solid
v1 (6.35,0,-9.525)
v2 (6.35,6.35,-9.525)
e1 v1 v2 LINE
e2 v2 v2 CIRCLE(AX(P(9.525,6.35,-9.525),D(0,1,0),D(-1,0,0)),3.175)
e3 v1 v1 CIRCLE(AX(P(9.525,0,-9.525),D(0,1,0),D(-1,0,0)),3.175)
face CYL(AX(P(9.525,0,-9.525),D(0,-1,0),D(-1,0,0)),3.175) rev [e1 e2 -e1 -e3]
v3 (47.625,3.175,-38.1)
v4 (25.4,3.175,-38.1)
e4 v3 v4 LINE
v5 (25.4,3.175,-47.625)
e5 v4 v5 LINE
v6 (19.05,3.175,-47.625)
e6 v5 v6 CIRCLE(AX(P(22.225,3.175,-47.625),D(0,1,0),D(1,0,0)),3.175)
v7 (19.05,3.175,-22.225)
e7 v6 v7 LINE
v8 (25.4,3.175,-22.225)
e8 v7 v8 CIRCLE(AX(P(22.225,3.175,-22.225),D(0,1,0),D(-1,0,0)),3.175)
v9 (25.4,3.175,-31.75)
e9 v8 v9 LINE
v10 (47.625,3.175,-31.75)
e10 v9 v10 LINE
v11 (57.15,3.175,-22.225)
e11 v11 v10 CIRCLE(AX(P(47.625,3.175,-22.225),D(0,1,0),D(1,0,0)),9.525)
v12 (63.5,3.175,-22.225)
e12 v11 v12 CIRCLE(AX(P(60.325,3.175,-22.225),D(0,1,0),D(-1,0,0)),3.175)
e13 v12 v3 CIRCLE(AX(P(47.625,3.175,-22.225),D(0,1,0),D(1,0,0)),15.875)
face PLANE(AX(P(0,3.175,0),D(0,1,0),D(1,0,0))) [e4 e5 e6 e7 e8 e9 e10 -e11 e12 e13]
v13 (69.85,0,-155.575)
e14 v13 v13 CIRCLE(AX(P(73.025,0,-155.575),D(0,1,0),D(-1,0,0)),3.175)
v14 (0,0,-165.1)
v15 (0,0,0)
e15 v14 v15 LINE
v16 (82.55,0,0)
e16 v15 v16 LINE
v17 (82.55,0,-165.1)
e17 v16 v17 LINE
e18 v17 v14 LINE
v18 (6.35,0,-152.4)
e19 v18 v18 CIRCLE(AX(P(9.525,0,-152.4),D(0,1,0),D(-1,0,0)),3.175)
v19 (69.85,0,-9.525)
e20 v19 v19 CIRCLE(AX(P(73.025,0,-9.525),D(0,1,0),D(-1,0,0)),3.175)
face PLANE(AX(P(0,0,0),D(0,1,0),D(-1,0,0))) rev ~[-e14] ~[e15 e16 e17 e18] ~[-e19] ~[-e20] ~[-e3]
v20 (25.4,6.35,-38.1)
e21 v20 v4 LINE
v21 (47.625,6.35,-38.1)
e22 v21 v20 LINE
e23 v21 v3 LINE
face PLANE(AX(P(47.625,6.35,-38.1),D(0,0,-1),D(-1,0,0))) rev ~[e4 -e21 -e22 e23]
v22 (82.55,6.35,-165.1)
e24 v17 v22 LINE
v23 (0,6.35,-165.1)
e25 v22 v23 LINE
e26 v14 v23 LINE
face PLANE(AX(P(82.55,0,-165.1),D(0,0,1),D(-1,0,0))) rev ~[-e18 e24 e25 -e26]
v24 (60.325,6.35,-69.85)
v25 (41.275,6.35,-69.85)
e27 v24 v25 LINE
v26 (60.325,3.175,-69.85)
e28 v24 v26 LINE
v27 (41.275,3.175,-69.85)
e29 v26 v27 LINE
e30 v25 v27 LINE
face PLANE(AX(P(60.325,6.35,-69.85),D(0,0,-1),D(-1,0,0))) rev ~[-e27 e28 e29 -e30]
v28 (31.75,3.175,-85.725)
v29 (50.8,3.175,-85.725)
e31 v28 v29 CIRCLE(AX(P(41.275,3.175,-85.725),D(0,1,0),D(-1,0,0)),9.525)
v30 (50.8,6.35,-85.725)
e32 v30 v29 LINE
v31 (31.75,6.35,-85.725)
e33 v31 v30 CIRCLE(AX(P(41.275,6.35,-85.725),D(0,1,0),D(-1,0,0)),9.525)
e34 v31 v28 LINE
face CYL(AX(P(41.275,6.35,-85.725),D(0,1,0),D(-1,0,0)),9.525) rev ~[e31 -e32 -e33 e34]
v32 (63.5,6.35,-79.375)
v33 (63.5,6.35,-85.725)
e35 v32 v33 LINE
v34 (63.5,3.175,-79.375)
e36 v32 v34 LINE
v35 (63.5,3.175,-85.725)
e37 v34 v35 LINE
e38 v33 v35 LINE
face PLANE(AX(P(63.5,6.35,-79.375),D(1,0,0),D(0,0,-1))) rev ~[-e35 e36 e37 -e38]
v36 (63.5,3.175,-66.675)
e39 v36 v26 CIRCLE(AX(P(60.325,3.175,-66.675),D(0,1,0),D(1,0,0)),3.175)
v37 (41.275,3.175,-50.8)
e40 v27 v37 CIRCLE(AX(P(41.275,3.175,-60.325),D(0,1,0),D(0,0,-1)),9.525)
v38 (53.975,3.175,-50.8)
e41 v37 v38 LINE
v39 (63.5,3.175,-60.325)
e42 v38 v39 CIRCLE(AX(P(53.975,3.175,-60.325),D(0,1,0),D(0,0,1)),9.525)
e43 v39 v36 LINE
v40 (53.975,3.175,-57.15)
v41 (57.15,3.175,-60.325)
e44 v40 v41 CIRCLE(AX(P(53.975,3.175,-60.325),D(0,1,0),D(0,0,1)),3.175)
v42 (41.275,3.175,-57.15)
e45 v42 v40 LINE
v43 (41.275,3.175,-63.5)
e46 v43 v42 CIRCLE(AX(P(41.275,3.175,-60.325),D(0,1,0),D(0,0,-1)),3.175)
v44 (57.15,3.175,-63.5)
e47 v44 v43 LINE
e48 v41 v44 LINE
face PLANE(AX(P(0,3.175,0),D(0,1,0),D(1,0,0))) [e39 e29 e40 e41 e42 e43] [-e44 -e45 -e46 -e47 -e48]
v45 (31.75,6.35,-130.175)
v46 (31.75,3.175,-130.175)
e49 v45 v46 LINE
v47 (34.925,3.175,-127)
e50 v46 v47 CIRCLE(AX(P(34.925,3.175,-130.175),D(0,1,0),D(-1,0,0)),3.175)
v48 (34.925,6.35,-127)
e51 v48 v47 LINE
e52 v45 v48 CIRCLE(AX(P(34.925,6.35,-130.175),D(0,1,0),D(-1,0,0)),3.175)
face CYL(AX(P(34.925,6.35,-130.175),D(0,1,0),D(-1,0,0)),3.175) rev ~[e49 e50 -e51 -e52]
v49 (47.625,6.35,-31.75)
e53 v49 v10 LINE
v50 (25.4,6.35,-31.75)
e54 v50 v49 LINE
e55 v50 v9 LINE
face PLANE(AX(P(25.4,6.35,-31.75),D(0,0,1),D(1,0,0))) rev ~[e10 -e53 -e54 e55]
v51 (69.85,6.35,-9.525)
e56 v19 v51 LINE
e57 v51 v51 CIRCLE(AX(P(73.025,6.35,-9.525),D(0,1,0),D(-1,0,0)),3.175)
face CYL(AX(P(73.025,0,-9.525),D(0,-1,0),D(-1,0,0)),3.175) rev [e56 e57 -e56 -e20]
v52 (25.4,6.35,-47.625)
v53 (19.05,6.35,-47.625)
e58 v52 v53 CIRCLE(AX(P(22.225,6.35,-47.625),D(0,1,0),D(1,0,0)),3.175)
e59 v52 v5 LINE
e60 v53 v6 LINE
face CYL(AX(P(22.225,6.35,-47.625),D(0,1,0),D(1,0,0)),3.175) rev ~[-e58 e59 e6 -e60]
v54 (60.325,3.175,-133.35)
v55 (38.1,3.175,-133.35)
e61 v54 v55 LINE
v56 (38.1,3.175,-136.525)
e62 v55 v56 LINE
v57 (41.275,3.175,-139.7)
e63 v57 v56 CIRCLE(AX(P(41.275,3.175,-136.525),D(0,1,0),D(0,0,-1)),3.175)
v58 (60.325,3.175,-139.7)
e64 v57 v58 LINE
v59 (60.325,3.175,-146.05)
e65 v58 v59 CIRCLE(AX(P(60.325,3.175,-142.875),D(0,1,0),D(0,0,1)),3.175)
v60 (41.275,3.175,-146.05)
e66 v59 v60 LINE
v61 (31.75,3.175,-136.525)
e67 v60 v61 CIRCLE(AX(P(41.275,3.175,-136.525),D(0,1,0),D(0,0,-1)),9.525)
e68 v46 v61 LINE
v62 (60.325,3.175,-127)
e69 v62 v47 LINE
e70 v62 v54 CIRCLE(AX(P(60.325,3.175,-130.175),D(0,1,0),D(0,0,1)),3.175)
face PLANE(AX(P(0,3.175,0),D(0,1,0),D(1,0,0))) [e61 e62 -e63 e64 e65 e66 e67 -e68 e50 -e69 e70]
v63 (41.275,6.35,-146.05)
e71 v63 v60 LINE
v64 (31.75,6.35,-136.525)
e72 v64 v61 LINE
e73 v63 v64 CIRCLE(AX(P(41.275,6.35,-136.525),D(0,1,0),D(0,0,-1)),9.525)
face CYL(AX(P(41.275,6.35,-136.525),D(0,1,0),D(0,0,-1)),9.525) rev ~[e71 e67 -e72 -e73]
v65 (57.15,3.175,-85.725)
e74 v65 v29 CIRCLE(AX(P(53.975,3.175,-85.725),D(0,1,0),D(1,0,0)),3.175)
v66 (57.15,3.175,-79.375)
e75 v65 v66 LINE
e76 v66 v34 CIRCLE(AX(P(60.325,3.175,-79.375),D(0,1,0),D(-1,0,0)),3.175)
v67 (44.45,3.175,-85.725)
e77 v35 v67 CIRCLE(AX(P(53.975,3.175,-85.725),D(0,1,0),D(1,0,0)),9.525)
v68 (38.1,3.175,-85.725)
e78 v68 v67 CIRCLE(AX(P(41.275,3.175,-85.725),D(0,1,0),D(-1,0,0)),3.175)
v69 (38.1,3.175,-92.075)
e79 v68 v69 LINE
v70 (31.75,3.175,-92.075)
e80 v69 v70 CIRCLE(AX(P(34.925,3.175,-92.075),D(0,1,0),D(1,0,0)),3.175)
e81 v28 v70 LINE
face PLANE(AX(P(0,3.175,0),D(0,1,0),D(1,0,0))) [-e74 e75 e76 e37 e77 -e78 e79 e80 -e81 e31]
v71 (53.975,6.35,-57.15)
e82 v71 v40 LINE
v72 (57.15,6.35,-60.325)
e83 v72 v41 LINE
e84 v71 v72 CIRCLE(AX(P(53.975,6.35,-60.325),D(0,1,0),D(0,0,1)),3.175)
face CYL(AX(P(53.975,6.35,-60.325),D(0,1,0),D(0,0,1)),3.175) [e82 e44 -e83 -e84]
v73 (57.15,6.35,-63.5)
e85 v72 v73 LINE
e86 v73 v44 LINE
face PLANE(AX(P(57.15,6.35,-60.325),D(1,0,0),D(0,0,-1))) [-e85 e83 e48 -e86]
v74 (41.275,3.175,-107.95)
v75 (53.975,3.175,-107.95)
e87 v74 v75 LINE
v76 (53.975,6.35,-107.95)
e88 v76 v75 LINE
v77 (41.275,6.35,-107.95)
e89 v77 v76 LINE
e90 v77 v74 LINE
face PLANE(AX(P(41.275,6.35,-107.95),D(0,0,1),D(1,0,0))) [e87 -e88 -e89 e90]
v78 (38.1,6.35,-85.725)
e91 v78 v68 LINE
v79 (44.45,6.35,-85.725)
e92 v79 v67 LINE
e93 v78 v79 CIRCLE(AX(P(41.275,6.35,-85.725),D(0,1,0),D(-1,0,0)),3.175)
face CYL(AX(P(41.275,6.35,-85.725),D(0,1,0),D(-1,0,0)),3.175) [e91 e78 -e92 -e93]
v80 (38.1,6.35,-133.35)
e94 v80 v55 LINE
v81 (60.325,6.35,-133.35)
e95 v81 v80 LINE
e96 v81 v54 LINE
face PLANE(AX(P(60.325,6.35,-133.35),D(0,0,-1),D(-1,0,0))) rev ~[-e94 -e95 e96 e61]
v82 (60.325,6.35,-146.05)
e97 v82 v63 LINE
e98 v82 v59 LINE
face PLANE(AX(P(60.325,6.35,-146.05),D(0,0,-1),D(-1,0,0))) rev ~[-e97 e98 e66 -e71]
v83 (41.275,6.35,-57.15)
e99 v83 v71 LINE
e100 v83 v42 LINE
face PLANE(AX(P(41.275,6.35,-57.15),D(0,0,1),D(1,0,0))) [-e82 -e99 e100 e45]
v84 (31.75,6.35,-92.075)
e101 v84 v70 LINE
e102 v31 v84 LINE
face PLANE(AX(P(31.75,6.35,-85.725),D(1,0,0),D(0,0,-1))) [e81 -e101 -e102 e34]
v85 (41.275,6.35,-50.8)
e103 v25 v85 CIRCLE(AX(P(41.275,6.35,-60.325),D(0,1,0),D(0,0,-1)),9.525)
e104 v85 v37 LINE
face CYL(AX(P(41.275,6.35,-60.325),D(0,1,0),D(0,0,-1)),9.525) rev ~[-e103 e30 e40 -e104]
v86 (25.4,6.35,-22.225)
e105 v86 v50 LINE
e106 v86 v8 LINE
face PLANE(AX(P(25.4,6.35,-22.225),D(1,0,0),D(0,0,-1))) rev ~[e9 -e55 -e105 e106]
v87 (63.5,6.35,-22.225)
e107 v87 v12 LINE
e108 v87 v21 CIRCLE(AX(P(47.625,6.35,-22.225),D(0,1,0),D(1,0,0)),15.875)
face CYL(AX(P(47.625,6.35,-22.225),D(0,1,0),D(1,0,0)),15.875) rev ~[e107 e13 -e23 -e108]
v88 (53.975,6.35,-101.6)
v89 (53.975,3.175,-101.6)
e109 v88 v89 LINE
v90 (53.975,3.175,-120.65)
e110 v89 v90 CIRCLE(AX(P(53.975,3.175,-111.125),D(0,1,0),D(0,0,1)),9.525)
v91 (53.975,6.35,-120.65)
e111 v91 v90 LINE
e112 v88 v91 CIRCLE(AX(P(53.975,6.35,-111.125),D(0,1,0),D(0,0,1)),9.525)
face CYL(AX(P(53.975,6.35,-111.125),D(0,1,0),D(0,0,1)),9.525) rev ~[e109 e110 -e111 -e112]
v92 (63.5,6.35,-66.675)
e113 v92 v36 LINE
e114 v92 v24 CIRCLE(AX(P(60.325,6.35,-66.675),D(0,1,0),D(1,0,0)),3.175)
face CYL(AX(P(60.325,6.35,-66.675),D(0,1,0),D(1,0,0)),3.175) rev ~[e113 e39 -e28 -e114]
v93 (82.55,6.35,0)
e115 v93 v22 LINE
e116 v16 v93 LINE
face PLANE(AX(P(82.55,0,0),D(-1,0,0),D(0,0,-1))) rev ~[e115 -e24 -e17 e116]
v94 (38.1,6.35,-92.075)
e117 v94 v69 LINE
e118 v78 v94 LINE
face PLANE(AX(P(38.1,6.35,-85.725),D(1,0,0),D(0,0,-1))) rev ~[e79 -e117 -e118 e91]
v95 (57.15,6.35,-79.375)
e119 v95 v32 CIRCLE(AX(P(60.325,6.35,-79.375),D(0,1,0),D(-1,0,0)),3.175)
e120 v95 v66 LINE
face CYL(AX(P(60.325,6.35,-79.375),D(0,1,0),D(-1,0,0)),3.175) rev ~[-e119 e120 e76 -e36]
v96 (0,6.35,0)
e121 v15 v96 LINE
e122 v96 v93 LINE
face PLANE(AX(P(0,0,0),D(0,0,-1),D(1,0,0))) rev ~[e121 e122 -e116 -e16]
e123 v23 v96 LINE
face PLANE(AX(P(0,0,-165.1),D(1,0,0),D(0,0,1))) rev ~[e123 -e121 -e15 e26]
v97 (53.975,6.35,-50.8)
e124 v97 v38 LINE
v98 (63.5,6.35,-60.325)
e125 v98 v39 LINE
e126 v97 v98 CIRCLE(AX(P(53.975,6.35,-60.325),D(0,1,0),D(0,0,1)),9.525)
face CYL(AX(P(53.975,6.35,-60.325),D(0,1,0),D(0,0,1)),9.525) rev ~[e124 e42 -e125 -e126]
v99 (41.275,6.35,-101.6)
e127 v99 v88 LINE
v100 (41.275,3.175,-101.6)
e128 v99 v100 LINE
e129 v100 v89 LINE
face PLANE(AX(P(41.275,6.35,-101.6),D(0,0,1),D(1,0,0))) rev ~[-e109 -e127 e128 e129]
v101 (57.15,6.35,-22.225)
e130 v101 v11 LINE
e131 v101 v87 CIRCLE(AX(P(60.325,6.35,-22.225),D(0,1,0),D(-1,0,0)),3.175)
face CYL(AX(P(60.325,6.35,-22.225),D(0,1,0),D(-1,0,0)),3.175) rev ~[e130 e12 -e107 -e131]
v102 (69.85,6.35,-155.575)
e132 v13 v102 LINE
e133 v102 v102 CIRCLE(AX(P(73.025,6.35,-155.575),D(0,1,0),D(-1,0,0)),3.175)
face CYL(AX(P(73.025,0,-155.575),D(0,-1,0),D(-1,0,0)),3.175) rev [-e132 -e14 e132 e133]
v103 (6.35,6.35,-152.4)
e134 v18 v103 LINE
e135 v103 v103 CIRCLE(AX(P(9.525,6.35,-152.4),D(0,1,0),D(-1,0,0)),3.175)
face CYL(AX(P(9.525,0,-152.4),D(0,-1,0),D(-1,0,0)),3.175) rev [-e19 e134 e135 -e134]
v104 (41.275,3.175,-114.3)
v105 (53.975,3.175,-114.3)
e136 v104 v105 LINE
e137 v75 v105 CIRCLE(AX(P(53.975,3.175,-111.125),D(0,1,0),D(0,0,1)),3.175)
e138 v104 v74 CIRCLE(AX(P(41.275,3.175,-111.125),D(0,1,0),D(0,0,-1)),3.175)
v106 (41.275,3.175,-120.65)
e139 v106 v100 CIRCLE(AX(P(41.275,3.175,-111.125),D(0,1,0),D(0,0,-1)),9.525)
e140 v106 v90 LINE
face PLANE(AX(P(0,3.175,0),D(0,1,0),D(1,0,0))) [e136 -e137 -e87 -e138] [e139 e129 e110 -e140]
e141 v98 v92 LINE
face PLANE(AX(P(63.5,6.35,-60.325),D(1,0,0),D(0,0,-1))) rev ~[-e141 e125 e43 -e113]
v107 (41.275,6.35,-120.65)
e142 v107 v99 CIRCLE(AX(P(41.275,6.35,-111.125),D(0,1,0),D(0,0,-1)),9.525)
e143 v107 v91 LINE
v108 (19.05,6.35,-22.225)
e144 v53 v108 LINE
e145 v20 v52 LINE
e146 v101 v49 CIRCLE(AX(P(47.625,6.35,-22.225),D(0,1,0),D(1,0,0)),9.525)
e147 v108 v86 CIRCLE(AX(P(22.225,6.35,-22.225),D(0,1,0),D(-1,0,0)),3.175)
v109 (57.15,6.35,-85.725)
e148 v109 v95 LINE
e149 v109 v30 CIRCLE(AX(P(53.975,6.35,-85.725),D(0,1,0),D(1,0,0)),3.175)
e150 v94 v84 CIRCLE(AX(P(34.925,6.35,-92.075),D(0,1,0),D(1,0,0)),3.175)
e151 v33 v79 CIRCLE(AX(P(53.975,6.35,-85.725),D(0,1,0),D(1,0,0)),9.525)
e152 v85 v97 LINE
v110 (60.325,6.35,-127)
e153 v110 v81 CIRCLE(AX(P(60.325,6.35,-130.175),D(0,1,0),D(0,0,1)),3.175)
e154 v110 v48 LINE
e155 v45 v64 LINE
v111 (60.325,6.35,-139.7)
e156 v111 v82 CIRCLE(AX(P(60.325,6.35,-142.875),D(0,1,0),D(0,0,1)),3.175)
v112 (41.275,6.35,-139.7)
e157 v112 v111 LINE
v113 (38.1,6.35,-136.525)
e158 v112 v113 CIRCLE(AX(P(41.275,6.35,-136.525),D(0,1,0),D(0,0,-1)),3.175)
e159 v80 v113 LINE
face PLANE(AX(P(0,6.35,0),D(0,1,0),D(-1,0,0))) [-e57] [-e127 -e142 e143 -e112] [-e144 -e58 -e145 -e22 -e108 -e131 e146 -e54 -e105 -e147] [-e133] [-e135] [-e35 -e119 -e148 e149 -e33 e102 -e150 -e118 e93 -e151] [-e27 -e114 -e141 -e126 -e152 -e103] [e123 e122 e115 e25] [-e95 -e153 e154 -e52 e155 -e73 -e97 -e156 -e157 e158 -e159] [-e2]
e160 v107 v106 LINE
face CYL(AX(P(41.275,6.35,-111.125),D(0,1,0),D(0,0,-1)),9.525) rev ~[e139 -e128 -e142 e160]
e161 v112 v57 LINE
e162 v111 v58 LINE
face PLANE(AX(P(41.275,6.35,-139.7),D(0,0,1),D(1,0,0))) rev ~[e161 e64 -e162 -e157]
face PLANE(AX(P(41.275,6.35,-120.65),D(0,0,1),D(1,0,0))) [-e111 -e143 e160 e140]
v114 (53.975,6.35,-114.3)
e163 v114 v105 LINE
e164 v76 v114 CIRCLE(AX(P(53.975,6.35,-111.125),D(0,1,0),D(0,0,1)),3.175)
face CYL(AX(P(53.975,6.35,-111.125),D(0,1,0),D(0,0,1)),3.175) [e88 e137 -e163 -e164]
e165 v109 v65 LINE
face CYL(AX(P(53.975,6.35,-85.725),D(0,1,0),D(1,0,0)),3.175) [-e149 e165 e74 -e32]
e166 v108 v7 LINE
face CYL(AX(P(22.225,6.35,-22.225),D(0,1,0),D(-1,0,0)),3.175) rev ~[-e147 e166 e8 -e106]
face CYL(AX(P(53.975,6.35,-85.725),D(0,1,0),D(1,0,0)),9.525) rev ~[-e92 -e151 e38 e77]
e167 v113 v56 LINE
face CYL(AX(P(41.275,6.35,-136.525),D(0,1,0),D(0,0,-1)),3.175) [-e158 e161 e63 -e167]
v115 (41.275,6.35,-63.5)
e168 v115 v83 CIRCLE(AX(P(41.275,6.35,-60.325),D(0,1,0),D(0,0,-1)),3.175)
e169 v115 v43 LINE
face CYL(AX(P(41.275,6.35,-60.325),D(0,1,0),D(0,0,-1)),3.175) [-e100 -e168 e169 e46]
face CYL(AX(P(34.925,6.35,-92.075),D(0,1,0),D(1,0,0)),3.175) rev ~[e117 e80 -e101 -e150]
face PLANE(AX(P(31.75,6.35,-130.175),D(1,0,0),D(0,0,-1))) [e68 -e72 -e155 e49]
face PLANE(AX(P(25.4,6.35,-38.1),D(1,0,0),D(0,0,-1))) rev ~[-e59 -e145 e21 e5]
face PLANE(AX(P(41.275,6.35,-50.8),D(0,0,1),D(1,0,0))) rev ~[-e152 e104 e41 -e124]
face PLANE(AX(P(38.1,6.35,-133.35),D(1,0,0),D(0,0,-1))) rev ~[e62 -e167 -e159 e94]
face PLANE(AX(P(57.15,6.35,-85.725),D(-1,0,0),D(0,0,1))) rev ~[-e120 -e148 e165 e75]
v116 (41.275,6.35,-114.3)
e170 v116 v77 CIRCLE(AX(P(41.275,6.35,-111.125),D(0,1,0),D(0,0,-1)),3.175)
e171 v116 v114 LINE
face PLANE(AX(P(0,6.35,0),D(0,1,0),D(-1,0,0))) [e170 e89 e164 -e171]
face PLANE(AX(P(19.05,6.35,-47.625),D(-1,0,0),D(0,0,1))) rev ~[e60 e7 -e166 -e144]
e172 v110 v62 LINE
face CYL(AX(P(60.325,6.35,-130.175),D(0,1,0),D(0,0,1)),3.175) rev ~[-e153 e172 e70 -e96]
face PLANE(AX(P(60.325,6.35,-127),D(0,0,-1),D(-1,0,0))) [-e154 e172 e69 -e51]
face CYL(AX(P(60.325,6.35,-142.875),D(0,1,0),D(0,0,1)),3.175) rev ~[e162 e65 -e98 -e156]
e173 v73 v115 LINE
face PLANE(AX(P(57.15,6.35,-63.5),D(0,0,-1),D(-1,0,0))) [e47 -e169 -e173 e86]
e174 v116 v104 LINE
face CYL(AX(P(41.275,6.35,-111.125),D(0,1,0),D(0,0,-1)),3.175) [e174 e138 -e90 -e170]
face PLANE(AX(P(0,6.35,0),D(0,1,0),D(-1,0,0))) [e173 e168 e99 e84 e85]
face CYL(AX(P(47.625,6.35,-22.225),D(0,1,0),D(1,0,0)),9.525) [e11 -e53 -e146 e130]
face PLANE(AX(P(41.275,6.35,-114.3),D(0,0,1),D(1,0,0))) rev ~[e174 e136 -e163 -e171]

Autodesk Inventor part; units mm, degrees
ref_plane "YZ Plane" through (0, 0, 0) normal (1, 0, 0) x (0, 1, 0)
ref_plane "XZ Plane" through (0, 0, 0) normal (0, 1, 0) x (-1, 0, 0)
ref_plane "XY Plane" through (0, 0, 0) normal (0, 0, 1) x (1, 0, 0)
sketch "Sketch1" plane through (0, 0, 0) normal (0, 1, 0) x (-1, 0, 0)
  line L0 (0, 0) -> (-82.55, 0)
  line L1 (-82.55, 0) -> (-82.55, -165.1)
  line L2 (-82.55, -165.1) -> (0, -165.1)
  line L3 (0, -165.1) -> (0, 0)
  circle A0 centre (-9.525, -9.525) radius 3.175
  circle A1 centre (-73.025, -9.525) radius 3.175
  circle A2 centre (-73.025, -155.575) radius 3.175
  circle A3 centre (-9.525, -152.4) radius 3.175
extrude "Extrusion1" add sketch "Sketch1" along normal blind 6.35
sketch "Sketch2" plane through (0, 6.35, 0) normal (0, 1, 0) x (1, 0, 0)
  arc A0 (19.05, 22.225) -> (25.4, 22.225) centre (22.225, 22.225) ccw
  line L0 (25.4, 22.225) -> (25.4, 31.75)
  line L1 (25.4, 31.75) -> (47.625, 31.75)
  arc A1 (57.15, 22.225) -> (47.625, 31.75) centre (47.625, 22.225) ccw
  arc A2 (57.15, 22.225) -> (63.5, 22.225) centre (60.325, 22.225) ccw
  arc A3 (63.5, 22.225) -> (47.625, 38.1) centre (47.625, 22.225) ccw
  line L2 (47.625, 38.1) -> (25.4, 38.1)
  line L3 (25.4, 38.1) -> (25.4, 47.625)
  arc A4 (25.4, 47.625) -> (19.05, 47.625) centre (22.225, 47.625) ccw
  line L4 (19.05, 47.625) -> (19.05, 22.225)
  arc A5 (41.275, 69.85) -> (41.275, 50.8) centre (41.275, 60.325) ccw
  arc A6 (41.275, 63.5) -> (41.275, 57.15) centre (41.275, 60.325) ccw
  arc A7 (31.75, 85.725) -> (50.8, 85.725) centre (41.275, 85.725) ccw
  arc A8 (38.1, 85.725) -> (44.45, 85.725) centre (41.275, 85.725) ccw
  arc A9 (57.15, 85.725) -> (50.8, 85.725) centre (53.975, 85.725) ccw
  arc A10 (63.5, 85.725) -> (44.45, 85.725) centre (53.975, 85.725) ccw
  line L5 (31.75, 85.725) -> (31.75, 92.075)
  arc A11 (38.1, 92.075) -> (31.75, 92.075) centre (34.925, 92.075) ccw
  arc A12 (57.15, 79.375) -> (63.5, 79.375) centre (60.325, 79.375) ccw
  line L6 (57.15, 85.725) -> (57.15, 79.375)
  line L7 (63.5, 79.375) -> (63.5, 85.725)
  line L8 (38.1, 85.725) -> (38.1, 92.075)
  arc A13 (53.975, 50.8) -> (63.5, 60.325) centre (53.975, 60.325) ccw
  arc A14 (53.975, 57.15) -> (57.15, 60.325) centre (53.975, 60.325) ccw
  line L9 (41.275, 50.8) -> (53.975, 50.8)
  line L10 (41.275, 57.15) -> (53.975, 57.15)
  line L11 (57.15, 60.325) -> (57.15, 63.5)
  line L12 (57.15, 63.5) -> (41.275, 63.5)
  arc A15 (41.275, 120.65) -> (41.275, 101.6) centre (41.275, 111.125) ccw
  arc A16 (41.275, 114.3) -> (41.275, 107.95) centre (41.275, 111.125) ccw
  arc A17 (53.975, 101.6) -> (53.975, 120.65) centre (53.975, 111.125) ccw
  arc A18 (53.975, 107.95) -> (53.975, 114.3) centre (53.975, 111.125) ccw
  line L13 (41.275, 101.6) -> (53.975, 101.6)
  line L14 (41.275, 107.95) -> (53.975, 107.95)
  line L15 (41.275, 114.3) -> (53.975, 114.3)
  line L16 (41.275, 120.65) -> (53.975, 120.65)
  arc A19 (60.325, 127) -> (60.325, 133.35) centre (60.325, 130.175) ccw
  line L17 (60.325, 127) -> (34.925, 127)
  arc A20 (31.75, 130.175) -> (34.925, 127) centre (34.925, 130.175) ccw
  line L18 (31.75, 130.175) -> (31.75, 136.525)
  line L19 (60.325, 133.35) -> (38.1, 133.35)
  line L20 (38.1, 133.35) -> (38.1, 136.525)
  arc A21 (41.275, 139.7) -> (38.1, 136.525) centre (41.275, 136.525) ccw
  arc A22 (41.275, 146.05) -> (31.75, 136.525) centre (41.275, 136.525) ccw
  line L21 (41.275, 139.7) -> (60.325, 139.7)
  arc A23 (60.325, 139.7) -> (60.325, 146.05) centre (60.325, 142.875) ccw
  line L22 (60.325, 146.05) -> (41.275, 146.05)
  line L23 (63.5, 60.325) -> (63.5, 66.675)
  arc A24 (63.5, 66.675) -> (60.325, 69.85) centre (60.325, 66.675) ccw
  line L24 (60.325, 69.85) -> (41.275, 69.85)
  point P0 (0, 0)
sketch "Sketch3" plane through (0, 6.35, 0) normal (0, 1, 0) x (1, 0, 0)
  point P0 (0, 0)
extrude "Extrusion2" cut sketch "Sketch2" against normal blind 3.175
properties part number "Jason_nameplate_lowered16"
